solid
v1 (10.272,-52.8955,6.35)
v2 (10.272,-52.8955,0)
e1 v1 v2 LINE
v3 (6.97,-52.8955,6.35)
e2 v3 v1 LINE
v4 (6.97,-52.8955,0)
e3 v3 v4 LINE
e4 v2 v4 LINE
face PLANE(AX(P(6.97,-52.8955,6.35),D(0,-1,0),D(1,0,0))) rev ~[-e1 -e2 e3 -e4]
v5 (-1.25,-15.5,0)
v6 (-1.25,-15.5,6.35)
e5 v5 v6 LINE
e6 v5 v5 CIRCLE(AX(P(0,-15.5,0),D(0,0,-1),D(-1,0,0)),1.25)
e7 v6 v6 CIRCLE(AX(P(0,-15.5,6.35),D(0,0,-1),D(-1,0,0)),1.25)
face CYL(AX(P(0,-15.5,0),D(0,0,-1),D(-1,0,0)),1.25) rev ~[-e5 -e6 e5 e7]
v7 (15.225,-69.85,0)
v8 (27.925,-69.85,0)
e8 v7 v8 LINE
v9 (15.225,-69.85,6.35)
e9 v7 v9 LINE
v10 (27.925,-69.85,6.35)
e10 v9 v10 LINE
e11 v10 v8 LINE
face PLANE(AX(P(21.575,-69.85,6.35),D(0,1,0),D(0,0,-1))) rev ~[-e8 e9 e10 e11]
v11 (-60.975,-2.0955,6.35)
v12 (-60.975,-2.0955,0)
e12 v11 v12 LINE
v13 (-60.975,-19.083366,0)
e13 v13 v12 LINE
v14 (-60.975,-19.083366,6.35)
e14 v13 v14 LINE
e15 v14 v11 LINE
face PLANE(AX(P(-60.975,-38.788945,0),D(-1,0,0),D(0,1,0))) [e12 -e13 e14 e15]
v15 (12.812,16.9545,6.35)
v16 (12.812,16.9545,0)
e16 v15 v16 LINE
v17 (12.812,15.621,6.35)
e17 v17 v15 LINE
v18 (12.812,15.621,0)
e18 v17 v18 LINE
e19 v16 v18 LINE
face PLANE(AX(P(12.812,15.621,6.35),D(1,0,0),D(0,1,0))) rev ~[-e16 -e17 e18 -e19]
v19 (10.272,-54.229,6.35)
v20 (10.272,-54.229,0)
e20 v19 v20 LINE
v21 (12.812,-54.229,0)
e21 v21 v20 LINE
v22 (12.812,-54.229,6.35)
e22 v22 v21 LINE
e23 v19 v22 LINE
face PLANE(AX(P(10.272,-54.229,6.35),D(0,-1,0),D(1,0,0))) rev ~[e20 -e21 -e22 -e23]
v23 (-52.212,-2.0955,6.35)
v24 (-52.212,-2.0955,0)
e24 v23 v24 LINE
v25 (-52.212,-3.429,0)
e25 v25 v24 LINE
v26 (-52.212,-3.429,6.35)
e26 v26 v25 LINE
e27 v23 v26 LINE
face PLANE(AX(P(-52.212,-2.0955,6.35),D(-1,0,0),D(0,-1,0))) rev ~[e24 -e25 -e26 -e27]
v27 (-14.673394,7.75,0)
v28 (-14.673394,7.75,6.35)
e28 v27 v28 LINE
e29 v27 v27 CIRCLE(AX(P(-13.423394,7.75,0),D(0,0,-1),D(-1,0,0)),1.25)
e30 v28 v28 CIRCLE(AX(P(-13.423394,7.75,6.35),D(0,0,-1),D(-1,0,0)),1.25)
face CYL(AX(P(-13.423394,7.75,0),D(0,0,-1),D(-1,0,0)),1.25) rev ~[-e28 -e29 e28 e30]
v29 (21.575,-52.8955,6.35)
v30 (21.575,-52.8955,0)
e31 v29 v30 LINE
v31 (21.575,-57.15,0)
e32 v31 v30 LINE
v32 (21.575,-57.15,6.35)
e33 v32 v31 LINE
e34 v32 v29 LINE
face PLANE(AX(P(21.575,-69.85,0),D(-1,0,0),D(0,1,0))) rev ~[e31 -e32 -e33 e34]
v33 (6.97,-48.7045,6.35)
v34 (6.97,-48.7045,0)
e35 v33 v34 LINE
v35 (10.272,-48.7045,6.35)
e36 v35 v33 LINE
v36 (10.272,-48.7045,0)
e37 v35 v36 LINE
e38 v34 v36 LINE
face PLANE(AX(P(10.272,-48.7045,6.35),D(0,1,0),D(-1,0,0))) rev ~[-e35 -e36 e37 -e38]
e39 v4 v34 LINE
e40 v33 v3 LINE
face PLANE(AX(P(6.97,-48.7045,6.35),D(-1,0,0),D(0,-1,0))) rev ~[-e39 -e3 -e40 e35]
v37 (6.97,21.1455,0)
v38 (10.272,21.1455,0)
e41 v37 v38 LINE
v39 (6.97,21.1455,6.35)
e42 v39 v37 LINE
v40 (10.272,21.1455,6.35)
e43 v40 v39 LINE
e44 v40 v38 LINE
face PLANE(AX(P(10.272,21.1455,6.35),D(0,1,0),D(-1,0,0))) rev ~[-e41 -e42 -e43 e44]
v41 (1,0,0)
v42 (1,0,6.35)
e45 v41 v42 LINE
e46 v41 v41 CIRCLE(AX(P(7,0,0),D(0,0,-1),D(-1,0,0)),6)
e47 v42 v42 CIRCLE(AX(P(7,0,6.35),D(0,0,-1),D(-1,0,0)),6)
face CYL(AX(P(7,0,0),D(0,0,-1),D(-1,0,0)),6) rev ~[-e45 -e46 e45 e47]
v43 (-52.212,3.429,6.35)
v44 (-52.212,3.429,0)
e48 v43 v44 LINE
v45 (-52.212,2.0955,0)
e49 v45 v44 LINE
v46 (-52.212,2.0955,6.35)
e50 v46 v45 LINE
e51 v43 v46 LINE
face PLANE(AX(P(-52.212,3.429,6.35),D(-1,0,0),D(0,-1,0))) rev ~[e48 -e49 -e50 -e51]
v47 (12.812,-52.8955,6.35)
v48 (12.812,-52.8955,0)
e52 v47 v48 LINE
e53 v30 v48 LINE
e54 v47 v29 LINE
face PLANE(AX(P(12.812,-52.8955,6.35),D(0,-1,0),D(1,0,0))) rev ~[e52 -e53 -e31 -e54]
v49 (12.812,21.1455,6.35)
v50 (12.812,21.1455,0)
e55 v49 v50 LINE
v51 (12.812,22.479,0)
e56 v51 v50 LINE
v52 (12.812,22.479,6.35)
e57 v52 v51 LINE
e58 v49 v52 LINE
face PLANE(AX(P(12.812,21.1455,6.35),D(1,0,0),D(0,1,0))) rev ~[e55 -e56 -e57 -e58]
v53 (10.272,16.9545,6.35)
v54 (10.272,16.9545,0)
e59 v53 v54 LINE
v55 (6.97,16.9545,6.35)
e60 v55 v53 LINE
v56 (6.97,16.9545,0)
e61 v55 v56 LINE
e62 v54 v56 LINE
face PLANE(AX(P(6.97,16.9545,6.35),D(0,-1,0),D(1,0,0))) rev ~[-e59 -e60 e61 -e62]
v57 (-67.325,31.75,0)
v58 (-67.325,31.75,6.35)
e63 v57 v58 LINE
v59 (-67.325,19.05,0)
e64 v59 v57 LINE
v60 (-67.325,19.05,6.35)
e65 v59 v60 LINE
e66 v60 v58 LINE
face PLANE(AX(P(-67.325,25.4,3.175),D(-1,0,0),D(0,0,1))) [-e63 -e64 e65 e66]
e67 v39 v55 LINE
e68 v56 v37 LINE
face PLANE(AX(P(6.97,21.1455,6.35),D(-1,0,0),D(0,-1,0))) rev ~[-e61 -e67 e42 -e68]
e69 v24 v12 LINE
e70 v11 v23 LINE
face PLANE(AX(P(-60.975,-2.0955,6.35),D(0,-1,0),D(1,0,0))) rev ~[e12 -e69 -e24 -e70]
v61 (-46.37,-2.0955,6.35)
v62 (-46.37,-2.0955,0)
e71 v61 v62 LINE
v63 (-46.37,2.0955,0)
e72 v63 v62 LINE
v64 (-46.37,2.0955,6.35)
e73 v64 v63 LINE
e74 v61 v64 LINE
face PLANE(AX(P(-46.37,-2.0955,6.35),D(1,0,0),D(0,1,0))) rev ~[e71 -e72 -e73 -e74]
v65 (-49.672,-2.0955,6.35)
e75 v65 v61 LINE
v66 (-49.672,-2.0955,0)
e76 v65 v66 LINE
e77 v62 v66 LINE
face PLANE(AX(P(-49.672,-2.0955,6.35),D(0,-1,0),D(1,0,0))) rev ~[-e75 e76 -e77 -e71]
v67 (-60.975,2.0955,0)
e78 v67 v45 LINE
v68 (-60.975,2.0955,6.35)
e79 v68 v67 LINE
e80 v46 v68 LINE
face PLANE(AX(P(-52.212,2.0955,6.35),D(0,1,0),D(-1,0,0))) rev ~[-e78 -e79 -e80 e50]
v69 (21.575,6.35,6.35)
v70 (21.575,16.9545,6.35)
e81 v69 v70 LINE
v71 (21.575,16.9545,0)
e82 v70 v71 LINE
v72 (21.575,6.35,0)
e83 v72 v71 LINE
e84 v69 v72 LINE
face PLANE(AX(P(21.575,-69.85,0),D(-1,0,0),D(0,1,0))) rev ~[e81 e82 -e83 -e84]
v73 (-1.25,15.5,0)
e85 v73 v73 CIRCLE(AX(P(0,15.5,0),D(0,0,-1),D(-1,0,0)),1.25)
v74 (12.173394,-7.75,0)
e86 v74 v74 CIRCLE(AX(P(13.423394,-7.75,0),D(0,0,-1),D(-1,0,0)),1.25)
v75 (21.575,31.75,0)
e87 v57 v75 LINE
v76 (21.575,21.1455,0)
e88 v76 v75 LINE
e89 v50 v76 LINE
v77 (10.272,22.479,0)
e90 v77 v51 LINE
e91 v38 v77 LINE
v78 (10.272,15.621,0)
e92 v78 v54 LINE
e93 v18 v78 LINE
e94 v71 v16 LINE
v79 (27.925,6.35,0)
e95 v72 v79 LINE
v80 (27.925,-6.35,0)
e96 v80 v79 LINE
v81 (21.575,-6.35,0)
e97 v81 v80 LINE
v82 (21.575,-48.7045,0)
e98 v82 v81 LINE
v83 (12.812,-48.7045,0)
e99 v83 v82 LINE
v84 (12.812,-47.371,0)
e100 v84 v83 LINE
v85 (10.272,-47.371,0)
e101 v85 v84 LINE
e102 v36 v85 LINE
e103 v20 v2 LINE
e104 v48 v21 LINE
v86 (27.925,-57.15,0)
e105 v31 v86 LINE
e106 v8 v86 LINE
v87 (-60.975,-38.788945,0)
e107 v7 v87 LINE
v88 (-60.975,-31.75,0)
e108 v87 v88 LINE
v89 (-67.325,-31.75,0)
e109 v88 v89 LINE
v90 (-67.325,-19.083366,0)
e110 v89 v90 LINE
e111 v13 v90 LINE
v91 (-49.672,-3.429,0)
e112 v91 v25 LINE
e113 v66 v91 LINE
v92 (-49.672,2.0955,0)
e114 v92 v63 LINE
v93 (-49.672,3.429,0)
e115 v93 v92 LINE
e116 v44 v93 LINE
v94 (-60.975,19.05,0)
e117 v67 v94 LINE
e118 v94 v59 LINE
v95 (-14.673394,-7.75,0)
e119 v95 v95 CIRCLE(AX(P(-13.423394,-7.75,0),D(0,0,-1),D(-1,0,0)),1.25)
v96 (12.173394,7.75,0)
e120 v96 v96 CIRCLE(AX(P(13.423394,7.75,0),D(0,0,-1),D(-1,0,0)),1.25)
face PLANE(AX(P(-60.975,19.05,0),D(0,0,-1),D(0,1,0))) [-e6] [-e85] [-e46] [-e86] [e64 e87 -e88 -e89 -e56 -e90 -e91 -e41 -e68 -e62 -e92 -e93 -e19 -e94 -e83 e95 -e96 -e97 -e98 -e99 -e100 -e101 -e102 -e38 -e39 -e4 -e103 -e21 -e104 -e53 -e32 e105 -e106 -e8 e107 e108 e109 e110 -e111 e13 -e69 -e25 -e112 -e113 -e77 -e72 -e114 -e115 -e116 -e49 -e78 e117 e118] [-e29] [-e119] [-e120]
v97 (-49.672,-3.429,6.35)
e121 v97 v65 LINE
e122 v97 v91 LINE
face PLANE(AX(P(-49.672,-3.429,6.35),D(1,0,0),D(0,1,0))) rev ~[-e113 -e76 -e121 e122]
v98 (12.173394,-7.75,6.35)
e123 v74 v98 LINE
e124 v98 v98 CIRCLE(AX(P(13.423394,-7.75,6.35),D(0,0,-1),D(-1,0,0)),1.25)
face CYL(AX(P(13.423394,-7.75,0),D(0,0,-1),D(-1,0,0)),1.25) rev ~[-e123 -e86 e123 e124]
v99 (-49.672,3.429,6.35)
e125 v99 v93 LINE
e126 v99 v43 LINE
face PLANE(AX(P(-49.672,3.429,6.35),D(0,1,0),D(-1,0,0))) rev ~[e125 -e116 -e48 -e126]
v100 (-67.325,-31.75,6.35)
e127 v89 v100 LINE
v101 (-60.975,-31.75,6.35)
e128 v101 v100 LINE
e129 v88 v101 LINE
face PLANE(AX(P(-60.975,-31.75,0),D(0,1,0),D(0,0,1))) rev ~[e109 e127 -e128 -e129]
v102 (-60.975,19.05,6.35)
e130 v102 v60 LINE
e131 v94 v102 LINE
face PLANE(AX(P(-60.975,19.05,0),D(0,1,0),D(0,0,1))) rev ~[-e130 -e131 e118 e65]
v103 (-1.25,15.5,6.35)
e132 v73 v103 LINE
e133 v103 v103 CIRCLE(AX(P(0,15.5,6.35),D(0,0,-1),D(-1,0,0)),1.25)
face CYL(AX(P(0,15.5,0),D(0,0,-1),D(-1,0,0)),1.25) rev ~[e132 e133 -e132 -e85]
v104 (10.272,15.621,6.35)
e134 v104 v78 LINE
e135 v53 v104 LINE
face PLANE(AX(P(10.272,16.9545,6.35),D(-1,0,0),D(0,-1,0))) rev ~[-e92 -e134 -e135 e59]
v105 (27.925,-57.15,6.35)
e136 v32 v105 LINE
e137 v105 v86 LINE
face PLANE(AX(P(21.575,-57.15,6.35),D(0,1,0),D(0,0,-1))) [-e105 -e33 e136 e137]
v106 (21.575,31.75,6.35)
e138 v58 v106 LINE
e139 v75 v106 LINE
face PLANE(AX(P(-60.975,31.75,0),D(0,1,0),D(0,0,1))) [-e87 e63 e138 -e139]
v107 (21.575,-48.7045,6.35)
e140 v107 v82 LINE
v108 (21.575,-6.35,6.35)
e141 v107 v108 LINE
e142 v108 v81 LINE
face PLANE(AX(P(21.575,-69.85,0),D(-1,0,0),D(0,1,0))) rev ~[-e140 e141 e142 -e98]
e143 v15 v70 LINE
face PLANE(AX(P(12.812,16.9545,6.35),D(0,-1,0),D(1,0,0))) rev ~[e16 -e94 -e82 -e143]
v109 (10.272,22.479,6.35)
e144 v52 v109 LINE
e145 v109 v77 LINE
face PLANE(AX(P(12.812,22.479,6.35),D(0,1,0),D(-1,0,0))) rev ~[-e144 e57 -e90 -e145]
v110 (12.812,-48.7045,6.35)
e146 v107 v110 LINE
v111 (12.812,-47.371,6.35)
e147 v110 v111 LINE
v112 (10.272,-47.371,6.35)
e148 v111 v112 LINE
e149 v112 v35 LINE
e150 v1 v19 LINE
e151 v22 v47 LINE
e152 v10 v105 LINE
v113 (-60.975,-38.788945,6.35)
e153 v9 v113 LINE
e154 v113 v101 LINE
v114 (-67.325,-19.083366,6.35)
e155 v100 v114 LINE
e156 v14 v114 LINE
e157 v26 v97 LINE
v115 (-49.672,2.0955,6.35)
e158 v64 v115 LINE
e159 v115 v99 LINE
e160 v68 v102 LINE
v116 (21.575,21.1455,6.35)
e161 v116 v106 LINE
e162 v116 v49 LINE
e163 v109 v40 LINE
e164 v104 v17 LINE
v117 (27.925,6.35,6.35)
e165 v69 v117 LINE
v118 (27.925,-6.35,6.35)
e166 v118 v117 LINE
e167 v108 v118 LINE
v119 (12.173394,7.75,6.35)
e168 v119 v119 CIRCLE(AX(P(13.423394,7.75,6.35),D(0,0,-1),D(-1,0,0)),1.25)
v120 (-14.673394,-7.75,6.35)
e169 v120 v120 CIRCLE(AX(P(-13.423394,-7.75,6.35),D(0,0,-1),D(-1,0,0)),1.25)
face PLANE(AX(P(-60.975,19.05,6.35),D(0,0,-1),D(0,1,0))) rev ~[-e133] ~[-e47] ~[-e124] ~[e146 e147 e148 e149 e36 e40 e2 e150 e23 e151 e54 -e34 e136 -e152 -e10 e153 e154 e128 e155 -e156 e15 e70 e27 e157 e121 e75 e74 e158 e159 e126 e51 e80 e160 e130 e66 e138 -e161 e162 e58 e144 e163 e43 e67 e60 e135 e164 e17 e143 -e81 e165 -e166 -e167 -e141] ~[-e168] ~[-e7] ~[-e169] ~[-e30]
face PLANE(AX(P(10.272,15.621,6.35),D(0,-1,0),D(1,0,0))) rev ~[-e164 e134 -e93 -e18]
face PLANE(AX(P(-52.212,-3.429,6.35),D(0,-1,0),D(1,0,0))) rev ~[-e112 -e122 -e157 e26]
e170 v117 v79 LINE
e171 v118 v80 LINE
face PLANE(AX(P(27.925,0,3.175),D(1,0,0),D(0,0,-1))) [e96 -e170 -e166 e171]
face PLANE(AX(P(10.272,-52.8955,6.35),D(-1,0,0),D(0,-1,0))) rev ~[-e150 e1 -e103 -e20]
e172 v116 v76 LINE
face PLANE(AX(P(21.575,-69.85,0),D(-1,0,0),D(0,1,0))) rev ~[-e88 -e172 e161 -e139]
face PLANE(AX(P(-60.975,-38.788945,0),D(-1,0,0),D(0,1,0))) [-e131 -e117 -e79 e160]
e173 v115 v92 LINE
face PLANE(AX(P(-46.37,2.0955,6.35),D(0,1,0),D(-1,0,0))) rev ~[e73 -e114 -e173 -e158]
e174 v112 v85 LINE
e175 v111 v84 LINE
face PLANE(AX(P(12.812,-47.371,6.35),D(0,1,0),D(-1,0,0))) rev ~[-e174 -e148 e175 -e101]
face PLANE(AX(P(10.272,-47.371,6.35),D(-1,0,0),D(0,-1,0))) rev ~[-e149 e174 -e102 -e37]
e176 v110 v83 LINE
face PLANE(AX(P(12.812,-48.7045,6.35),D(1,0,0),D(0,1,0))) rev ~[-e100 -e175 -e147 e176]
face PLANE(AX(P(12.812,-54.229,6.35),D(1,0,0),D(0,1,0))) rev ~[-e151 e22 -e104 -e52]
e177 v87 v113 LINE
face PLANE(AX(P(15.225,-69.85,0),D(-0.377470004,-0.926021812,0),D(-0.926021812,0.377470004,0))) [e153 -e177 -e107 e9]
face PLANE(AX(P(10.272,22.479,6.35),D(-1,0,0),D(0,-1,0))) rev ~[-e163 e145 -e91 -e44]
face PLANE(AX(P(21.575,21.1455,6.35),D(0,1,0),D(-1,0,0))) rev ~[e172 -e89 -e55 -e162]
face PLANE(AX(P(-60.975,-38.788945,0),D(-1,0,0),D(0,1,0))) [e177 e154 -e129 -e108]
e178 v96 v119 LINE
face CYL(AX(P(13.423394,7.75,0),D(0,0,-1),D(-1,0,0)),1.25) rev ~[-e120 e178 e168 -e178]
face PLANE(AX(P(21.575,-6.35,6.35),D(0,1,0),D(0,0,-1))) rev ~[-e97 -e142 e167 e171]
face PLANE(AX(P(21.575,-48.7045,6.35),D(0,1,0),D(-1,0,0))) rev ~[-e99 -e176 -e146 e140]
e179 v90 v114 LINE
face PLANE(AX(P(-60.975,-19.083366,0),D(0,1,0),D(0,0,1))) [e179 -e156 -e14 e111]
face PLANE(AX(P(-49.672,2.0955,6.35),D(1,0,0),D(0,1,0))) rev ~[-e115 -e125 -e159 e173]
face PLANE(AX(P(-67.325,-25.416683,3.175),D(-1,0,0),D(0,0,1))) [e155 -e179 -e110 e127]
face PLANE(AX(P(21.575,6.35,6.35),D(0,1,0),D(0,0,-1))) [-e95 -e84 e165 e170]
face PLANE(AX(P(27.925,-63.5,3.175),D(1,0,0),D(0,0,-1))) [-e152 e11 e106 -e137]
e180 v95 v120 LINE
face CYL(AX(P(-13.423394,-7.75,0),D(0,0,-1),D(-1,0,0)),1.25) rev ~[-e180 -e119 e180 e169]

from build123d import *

# Parameters (mm, degrees)
BOSS_EXTRUDE1_DEPTH = 6.35
SKETCH2_W           = 6.35
SKETCH2_H           = 12.7
BOSS_EXTRUDE2_DEPTH = 6.35
LPATTERN1_COUNT     = 2
LPATTERN1_PITCH     = 63.5
SKETCH3_R           = 1.25
SKETCH3_R_2         = 6
CUT_EXTRUDE1_DEPTH  = 93.937051949
SKETCH4_W           = 6.35
SKETCH4_H           = 12.7
SKETCH4_H_2         = 12.666633789
BOSS_EXTRUDE3_DEPTH = 6.35
CUT_EXTRUDE2_DEPTH  = 98.221400036


with BuildPart() as part:
    # Sketch1 → Boss-Extrude1 (new body)
    with BuildSketch(Plane.XY):
        Polygon((-60.975, 31.75), (21.575, 31.75), (21.575, -38.788945114), (21.575, -69.85), (15.225, -69.85), (-60.975, -38.788945114), align=None)
    extrude(amount=BOSS_EXTRUDE1_DEPTH)

    # Sketch2 → Boss-Extrude2 (add)
    with BuildSketch(Plane(origin=(21.575, 0, 0), x_dir=(0, 0, -1), z_dir=(1, 0, 0))):
        with Locations((-3.175, -63.5)):
            Rectangle(SKETCH2_W, SKETCH2_H)
    boss_extrude2 = extrude(amount=BOSS_EXTRUDE2_DEPTH)

    # LPattern1: Boss-Extrude2 ×2
    with Locations(*[(0, i * LPATTERN1_PITCH, 0) for i in range(1, LPATTERN1_COUNT)]):
        add(boss_extrude2)

    # Sketch3 → Cut-Extrude1 (cut, through all)
    with BuildSketch(Plane(origin=(0, 0, 0), x_dir=(-1, 0, 0), z_dir=(0, 0, -1))):
        with Locations((13.423393759, 7.75)):
            Circle(SKETCH3_R)
        with Locations((13.423393759, -7.75)):
            Circle(SKETCH3_R)
        with Locations((0, 15.5)):
            Circle(SKETCH3_R)
        with Locations((-13.423393759, 7.75)):
            Circle(SKETCH3_R)
        with Locations((-13.423393759, -7.75)):
            Circle(SKETCH3_R)
        with Locations((0, -15.5)):
            Circle(SKETCH3_R)
        with Locations((-7, 0)):
            Circle(SKETCH3_R_2)
    extrude(amount=-CUT_EXTRUDE1_DEPTH, mode=Mode.SUBTRACT)

    # Sketch4 → Boss-Extrude3 (add)
    with BuildSketch(Plane.ZY.offset(60.975)):
        with Locations((3.175, 25.4)):
            Rectangle(SKETCH4_W, SKETCH4_H)
        with Locations((3.175, -25.416683106)):
            Rectangle(SKETCH4_W, SKETCH4_H_2)
    extrude(amount=BOSS_EXTRUDE3_DEPTH)

    # Sketch5 → Cut-Extrude2 (cut, through all)
    with BuildSketch(Plane.XY.offset(6.35)):
        Polygon((-60.975, 2.0955), (-60.975, -2.0955), (-52.212, -2.0955), (-52.212, -3.429), (-49.672, -3.429), (-49.672, -2.0955), (-46.37, -2.0955), (-46.37, 2.0955), (-49.672, 2.0955), (-49.672, 3.429), (-52.212, 3.429), (-52.212, 2.0955), align=None)
        Polygon((21.575, -52.8955), (21.575, -48.7045), (12.812, -48.7045), (12.812, -47.371), (10.272, -47.371), (10.272, -48.7045), (6.97, -48.7045), (6.97, -52.8955), (10.272, -52.8955), (10.272, -54.229), (12.812, -54.229), (12.812, -52.8955), align=None)
        Polygon((21.575, 16.9545), (21.575, 21.1455), (12.812, 21.1455), (12.812, 22.479), (10.272, 22.479), (10.272, 21.1455), (6.97, 21.1455), (6.97, 16.9545), (10.272, 16.9545), (10.272, 15.621), (12.812, 15.621), (12.812, 16.9545), align=None)
    extrude(amount=-CUT_EXTRUDE2_DEPTH, mode=Mode.SUBTRACT)


solid = part.part
